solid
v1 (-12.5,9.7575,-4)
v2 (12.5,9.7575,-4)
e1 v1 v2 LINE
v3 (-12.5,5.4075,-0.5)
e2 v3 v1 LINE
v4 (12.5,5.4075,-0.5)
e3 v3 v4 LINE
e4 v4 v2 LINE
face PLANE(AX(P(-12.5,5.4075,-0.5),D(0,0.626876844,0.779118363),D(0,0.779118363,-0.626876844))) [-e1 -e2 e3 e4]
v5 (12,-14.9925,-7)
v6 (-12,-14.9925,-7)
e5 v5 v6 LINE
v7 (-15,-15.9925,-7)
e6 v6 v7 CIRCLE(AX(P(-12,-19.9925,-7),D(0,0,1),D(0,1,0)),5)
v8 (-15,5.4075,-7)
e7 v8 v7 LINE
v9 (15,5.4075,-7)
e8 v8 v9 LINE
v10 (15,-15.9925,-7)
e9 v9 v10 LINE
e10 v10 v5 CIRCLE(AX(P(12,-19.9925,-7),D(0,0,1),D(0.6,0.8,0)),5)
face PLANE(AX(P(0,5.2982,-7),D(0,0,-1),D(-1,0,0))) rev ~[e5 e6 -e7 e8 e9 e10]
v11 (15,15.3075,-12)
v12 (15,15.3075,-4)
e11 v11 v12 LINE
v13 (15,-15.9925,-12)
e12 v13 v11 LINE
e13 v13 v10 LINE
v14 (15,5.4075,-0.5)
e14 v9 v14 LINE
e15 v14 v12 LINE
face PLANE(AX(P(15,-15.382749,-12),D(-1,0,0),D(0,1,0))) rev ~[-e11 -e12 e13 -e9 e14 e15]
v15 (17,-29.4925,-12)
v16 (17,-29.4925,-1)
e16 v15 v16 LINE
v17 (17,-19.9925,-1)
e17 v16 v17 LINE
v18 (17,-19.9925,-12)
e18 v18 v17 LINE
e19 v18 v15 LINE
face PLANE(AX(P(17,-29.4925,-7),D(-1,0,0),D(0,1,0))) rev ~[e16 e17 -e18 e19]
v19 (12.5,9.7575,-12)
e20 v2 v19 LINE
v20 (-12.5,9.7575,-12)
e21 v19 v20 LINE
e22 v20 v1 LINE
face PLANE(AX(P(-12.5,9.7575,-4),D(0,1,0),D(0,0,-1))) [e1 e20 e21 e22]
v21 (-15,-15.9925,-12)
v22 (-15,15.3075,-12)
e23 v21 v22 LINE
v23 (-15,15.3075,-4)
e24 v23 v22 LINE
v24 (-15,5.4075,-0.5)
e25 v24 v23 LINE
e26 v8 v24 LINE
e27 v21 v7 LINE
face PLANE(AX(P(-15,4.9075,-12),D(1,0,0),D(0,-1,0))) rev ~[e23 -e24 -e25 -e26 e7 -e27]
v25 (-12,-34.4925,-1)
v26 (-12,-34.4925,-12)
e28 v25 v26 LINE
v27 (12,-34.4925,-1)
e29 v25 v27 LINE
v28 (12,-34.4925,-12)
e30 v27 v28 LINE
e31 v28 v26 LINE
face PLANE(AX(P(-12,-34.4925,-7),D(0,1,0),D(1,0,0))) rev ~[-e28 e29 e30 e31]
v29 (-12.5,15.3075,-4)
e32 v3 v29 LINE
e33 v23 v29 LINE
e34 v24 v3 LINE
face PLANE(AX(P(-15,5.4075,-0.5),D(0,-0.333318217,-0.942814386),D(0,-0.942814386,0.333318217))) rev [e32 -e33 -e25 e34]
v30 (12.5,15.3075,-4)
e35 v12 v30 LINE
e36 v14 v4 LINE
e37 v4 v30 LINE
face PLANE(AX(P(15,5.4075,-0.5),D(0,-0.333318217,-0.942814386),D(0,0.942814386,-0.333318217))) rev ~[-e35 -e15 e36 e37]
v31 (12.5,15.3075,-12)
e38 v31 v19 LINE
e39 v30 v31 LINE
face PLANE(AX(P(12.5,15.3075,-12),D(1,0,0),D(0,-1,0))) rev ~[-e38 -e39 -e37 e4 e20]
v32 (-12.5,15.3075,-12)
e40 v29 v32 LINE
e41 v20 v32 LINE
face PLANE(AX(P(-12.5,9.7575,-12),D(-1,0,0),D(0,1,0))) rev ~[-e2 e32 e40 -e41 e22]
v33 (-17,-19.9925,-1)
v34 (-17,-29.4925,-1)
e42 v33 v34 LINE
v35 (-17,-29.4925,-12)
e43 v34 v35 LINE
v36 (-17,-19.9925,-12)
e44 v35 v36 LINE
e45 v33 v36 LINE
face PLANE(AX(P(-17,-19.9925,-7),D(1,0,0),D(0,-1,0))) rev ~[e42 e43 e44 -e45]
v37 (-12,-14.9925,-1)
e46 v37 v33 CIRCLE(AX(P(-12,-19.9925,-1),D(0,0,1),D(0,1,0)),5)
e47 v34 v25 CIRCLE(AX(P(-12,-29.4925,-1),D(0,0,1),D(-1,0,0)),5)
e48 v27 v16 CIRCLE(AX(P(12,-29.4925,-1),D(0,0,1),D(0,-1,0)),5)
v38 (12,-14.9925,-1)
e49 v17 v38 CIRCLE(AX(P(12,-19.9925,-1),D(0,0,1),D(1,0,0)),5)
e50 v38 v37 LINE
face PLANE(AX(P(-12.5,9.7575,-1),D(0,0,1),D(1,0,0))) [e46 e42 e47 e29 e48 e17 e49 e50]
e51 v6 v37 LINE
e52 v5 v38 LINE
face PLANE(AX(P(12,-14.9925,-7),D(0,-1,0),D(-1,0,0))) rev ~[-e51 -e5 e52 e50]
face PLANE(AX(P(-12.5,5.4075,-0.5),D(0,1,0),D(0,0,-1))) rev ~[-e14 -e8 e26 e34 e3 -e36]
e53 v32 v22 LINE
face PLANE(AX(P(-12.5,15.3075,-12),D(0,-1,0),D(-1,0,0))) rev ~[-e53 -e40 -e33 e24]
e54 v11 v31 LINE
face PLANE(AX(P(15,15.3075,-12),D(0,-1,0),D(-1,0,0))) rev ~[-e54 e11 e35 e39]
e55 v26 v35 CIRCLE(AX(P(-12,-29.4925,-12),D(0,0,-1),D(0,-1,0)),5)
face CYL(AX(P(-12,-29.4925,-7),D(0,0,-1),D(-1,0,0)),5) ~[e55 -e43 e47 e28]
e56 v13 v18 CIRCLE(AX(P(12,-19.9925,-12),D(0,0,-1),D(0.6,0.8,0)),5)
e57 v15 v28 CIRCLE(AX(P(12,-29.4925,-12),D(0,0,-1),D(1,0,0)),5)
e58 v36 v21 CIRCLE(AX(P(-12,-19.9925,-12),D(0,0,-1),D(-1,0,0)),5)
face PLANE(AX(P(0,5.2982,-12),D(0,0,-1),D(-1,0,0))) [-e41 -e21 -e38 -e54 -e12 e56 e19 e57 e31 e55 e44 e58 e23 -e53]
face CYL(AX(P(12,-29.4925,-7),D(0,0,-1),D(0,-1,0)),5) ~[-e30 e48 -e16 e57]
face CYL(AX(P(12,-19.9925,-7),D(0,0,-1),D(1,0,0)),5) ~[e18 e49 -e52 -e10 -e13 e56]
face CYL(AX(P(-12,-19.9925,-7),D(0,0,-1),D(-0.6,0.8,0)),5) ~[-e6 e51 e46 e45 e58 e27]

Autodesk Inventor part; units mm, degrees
ref_plane "YZ Plane" through (0, 0, 0) normal (1, 0, 0) x (0, 1, 0)
ref_plane "XZ Plane" through (0, 0, 0) normal (0, 1, 0) x (-1, 0, 0)
ref_plane "XY Plane" through (0, 0, 0) normal (0, 0, 1) x (1, 0, 0)
ref_plane "Work Plane2" through (0, 5.2982, -18) normal (0, 0, -1) x (-1, 0, 0)
ref_plane "Work Plane4" through (0, -4.9464, -12) normal (0, 0, -1) x (-1, 0, 0)
ref_plane "Work Plane3" through (0, -4.9464, -7) normal (0, 0, -1) x (-1, 0, 0)
sketch "Sketch3" plane through (0, 5.2982, -18) normal (0, 0, -1) x (-1, 0, 0)
  line L0 (13, 53.6093) -> (-13, 53.6093) projected
  arc A0 (-13, 53.6093) -> (-30, 36.6093) centre (-13, 36.6093) ccw projected
  line L1 (-30, 36.6093) -> (-30, -44.3907) projected
  line L2 (-30, -44.3907) -> (30, -44.3907) projected
  line L3 (30, -44.3907) -> (30, 36.6093) projected
  arc A1 (30, 36.6093) -> (13, 53.6093) centre (13, 36.6093) ccw projected
  line L4 (-0.95, 23.6093) -> (-0.95, 40.6093) projected
  line L5 (-0.95, 40.6093) -> (0.95, 40.6093) projected
  line L6 (0.95, 40.6093) -> (0.95, 23.6093) projected
  line L7 (0.95, 23.6093) -> (-0.95, 23.6093) projected
  line L8 (6.55, 40.6093) -> (8.45, 40.6093) projected
  line L9 (8.45, 40.6093) -> (8.45, 23.6093) projected
  line L10 (8.45, 23.6093) -> (6.55, 23.6093) projected
  line L11 (6.55, 23.6093) -> (6.55, 40.6093) projected
  line L12 (-8.45, 40.6093) -> (-6.55, 40.6093) projected
  line L13 (-6.55, 40.6093) -> (-6.55, 23.6093) projected
  line L14 (-6.55, 23.6093) -> (-8.45, 23.6093) projected
  line L15 (-8.45, 23.6093) -> (-8.45, 40.6093) projected
  line L16 (-15.5, -21.0481) -> (-15.5, 10.5093) projected
  line L17 (-15.5, 10.5093) -> (-12, 10.5093) projected
  line L18 (-12, 10.5093) -> (-12, 4.9593) projected
  line L19 (-12, 4.9593) -> (12, 4.9593) projected
  line L20 (12, 4.9593) -> (12, 10.5093) projected
  line L21 (12, 10.5093) -> (15.5, 10.5093) projected
  line L22 (15.5, 10.5093) -> (15.5, -21.0481) projected
  arc A2 (17.5, -25.2907) -> (15.5, -21.0481) centre (12, -25.2907) ccw projected
  line L23 (17.5, -25.2907) -> (17.5, -34.7907) projected
  arc A3 (12, -40.2907) -> (17.5, -34.7907) centre (12, -34.7907) ccw projected
  line L24 (12, -40.2907) -> (-12, -40.2907) projected
  arc A4 (-17.5, -34.7907) -> (-12, -40.2907) centre (-12, -34.7907) ccw projected
  line L25 (-17.5, -34.7907) -> (-17.5, -25.2907) projected
  arc A5 (-15.5, -21.0481) -> (-17.5, -25.2907) centre (-12, -25.2907) ccw projected
  line L26 (-15.5, -0.3907) -> (15.5, -0.3907) projected
  line L27 (-15.5, -21.0481) -> (-15.5, -0.3907) projected
  arc A6 (-12, -19.7907) -> (-15.5, -21.0481) centre (-12, -25.2907) ccw projected
  line L28 (12, -19.7907) -> (-12, -19.7907) projected
  arc A7 (15.5, -21.0481) -> (12, -19.7907) centre (12, -25.2907) ccw projected
  line L29 (15.5, -0.3907) -> (15.5, -21.0481) projected
  arc A8 (-15, -21.2907) -> (-17, -25.2907) centre (-12, -25.2907) ccw
  line L30 (-17, -25.2907) -> (-17, -34.7907)
  arc A9 (-17, -34.7907) -> (-12, -39.7907) centre (-12, -34.7907) ccw
  line L31 (-12, -39.7907) -> (12, -39.7907)
  arc A10 (12, -39.7907) -> (17, -34.7907) centre (12, -34.7907) ccw
  line L32 (17, -34.7907) -> (17, -25.2907)
  arc A11 (17, -25.2907) -> (15, -21.2907) centre (12, -25.2907) ccw
  line L33 (-15, -21.2907) -> (-15, 10.0093)
  line L34 (-15, 10.0093) -> (-12.5, 10.0093)
  line L35 (-12.5, 10.0093) -> (-12.5, 4.4593)
  line L36 (-12.5, 4.4593) -> (12.5, 4.4593)
  line L37 (12.5, 4.4593) -> (12.5, 10.0093)
  line L38 (12.5, 10.0093) -> (15, 10.0093)
  line L39 (15, 10.0093) -> (15, -21.2907)
  point P0 (0, -5.2982)
  dimension "d3" = 0.5
  dimension "d4" = 0.5
extrude "Extrusion1" add sketch "Sketch3" against normal up to surface (5 mm away) from surface at -6 contours L33 L26 L39 A7 L28 A6 | A6 L28 A7 L39 A11 L32 A10 L31 A9 L30 A8 L33 | L33 L34 L35 L36 L37 L38 L39 L26
sketch "Sketch4" plane through (-12.5, 9.7575, -7) normal (0, 0, 1) x (1, 0, 0)
  line L0 (29.5, -39.25) -> (29.5, -29.75) projected
  arc A0 (29.5, -29.75) -> (27.5, -25.75) centre (24.5, -29.75) ccw projected
  line L1 (27.5, -25.75) -> (27.5, 5.55) projected
  line L2 (27.5, 5.55) -> (25, 5.55) projected
  line L3 (25, 5.55) -> (25, 0) projected
  line L4 (25, 0) -> (0, 0) projected
  line L5 (0, 0) -> (0, 5.55) projected
  line L6 (0, 5.55) -> (-2.5, 5.55) projected
  line L7 (-2.5, 5.55) -> (-2.5, -25.75) projected
  arc A1 (-2.5, -25.75) -> (-4.5, -29.75) centre (0.5, -29.75) ccw projected
  line L8 (-4.5, -29.75) -> (-4.5, -39.25) projected
  arc A2 (-4.5, -39.25) -> (0.5, -44.25) centre (0.5, -39.25) ccw projected
  line L9 (0.5, -44.25) -> (24.5, -44.25) projected
  arc A3 (24.5, -44.25) -> (29.5, -39.25) centre (24.5, -39.25) ccw projected
  line L10 (0.5, -24.25) -> (24.5, -24.25) projected
  arc A4 (0.5, -24.25) -> (-3, -25.5074) centre (0.5, -29.75) ccw projected
  arc A5 (28, -25.5074) -> (24.5, -24.25) centre (24.5, -29.75) ccw projected
  arc A6 (27.5, -25.75) -> (24.5, -24.75) centre (24.5, -29.75) ccw
  line L11 (24.5, -24.75) -> (0.5, -24.75)
  arc A7 (0.5, -24.75) -> (-2.5, -25.75) centre (0.5, -29.75) ccw
  point P0 (12.5, -9.7575)
extrude "Extrusion2" add sketch "Sketch4" along normal blind 6 contours A3 L9 A2 L8 A1 A7 L11 A6 A0 L0
sketch "Sketch5" plane through (0, 0, 0) normal (1, 0, 0) x (0, 1, 0)
  line L0 (9.7575, -7) -> (15.3075, -7) projected
  line L1 (4.9075, -6.5) -> (4.9075, -4) projected
  line L2 (15.8075, -4) -> (15.8075, -18) projected
  line L3 (15.3075, -7) -> (-15.9925, -7) projected
  line L4 (4.9075, -4) -> (15.8075, -4) projected
  line L5 (5.4075, -0.5) -> (5.4075, -7)
  line L6 (5.4075, -0.5) -> (15.3075, -4)
  line L7 (15.3075, -4) -> (15.3075, -7)
  point P0 (0, 0)
  dimension "d10" = 0.5
  dimension "d11" = 3.5
extrude "Extrusion3" add sketch "Sketch5" against normal up to surface (2.5 mm away) from surface at 15
mirror "Mirror1" about plane through (0, 0, 0) normal (1, 0, 0) of "Extrusion3"
sketch "Sketch6" plane through (0, 0, 0) normal (1, 0, 0) x (0, 1, 0)
  line L0 (5.4075, -7) -> (9.7575, -7) projected
  line L1 (5.4075, -0.5) -> (5.4075, -7) projected
  line L2 (5.4075, -0.5) -> (9.7575, -4)
  line L3 (9.7575, -4) -> (9.7575, -7)
  point P0 (0, 0)
  point P1 (15.3075, -4)
extrude "Extrusion4" add sketch "Sketch6" along normal up to surface (25 mm away) from surface at -12.5
properties part number "schnapper"
